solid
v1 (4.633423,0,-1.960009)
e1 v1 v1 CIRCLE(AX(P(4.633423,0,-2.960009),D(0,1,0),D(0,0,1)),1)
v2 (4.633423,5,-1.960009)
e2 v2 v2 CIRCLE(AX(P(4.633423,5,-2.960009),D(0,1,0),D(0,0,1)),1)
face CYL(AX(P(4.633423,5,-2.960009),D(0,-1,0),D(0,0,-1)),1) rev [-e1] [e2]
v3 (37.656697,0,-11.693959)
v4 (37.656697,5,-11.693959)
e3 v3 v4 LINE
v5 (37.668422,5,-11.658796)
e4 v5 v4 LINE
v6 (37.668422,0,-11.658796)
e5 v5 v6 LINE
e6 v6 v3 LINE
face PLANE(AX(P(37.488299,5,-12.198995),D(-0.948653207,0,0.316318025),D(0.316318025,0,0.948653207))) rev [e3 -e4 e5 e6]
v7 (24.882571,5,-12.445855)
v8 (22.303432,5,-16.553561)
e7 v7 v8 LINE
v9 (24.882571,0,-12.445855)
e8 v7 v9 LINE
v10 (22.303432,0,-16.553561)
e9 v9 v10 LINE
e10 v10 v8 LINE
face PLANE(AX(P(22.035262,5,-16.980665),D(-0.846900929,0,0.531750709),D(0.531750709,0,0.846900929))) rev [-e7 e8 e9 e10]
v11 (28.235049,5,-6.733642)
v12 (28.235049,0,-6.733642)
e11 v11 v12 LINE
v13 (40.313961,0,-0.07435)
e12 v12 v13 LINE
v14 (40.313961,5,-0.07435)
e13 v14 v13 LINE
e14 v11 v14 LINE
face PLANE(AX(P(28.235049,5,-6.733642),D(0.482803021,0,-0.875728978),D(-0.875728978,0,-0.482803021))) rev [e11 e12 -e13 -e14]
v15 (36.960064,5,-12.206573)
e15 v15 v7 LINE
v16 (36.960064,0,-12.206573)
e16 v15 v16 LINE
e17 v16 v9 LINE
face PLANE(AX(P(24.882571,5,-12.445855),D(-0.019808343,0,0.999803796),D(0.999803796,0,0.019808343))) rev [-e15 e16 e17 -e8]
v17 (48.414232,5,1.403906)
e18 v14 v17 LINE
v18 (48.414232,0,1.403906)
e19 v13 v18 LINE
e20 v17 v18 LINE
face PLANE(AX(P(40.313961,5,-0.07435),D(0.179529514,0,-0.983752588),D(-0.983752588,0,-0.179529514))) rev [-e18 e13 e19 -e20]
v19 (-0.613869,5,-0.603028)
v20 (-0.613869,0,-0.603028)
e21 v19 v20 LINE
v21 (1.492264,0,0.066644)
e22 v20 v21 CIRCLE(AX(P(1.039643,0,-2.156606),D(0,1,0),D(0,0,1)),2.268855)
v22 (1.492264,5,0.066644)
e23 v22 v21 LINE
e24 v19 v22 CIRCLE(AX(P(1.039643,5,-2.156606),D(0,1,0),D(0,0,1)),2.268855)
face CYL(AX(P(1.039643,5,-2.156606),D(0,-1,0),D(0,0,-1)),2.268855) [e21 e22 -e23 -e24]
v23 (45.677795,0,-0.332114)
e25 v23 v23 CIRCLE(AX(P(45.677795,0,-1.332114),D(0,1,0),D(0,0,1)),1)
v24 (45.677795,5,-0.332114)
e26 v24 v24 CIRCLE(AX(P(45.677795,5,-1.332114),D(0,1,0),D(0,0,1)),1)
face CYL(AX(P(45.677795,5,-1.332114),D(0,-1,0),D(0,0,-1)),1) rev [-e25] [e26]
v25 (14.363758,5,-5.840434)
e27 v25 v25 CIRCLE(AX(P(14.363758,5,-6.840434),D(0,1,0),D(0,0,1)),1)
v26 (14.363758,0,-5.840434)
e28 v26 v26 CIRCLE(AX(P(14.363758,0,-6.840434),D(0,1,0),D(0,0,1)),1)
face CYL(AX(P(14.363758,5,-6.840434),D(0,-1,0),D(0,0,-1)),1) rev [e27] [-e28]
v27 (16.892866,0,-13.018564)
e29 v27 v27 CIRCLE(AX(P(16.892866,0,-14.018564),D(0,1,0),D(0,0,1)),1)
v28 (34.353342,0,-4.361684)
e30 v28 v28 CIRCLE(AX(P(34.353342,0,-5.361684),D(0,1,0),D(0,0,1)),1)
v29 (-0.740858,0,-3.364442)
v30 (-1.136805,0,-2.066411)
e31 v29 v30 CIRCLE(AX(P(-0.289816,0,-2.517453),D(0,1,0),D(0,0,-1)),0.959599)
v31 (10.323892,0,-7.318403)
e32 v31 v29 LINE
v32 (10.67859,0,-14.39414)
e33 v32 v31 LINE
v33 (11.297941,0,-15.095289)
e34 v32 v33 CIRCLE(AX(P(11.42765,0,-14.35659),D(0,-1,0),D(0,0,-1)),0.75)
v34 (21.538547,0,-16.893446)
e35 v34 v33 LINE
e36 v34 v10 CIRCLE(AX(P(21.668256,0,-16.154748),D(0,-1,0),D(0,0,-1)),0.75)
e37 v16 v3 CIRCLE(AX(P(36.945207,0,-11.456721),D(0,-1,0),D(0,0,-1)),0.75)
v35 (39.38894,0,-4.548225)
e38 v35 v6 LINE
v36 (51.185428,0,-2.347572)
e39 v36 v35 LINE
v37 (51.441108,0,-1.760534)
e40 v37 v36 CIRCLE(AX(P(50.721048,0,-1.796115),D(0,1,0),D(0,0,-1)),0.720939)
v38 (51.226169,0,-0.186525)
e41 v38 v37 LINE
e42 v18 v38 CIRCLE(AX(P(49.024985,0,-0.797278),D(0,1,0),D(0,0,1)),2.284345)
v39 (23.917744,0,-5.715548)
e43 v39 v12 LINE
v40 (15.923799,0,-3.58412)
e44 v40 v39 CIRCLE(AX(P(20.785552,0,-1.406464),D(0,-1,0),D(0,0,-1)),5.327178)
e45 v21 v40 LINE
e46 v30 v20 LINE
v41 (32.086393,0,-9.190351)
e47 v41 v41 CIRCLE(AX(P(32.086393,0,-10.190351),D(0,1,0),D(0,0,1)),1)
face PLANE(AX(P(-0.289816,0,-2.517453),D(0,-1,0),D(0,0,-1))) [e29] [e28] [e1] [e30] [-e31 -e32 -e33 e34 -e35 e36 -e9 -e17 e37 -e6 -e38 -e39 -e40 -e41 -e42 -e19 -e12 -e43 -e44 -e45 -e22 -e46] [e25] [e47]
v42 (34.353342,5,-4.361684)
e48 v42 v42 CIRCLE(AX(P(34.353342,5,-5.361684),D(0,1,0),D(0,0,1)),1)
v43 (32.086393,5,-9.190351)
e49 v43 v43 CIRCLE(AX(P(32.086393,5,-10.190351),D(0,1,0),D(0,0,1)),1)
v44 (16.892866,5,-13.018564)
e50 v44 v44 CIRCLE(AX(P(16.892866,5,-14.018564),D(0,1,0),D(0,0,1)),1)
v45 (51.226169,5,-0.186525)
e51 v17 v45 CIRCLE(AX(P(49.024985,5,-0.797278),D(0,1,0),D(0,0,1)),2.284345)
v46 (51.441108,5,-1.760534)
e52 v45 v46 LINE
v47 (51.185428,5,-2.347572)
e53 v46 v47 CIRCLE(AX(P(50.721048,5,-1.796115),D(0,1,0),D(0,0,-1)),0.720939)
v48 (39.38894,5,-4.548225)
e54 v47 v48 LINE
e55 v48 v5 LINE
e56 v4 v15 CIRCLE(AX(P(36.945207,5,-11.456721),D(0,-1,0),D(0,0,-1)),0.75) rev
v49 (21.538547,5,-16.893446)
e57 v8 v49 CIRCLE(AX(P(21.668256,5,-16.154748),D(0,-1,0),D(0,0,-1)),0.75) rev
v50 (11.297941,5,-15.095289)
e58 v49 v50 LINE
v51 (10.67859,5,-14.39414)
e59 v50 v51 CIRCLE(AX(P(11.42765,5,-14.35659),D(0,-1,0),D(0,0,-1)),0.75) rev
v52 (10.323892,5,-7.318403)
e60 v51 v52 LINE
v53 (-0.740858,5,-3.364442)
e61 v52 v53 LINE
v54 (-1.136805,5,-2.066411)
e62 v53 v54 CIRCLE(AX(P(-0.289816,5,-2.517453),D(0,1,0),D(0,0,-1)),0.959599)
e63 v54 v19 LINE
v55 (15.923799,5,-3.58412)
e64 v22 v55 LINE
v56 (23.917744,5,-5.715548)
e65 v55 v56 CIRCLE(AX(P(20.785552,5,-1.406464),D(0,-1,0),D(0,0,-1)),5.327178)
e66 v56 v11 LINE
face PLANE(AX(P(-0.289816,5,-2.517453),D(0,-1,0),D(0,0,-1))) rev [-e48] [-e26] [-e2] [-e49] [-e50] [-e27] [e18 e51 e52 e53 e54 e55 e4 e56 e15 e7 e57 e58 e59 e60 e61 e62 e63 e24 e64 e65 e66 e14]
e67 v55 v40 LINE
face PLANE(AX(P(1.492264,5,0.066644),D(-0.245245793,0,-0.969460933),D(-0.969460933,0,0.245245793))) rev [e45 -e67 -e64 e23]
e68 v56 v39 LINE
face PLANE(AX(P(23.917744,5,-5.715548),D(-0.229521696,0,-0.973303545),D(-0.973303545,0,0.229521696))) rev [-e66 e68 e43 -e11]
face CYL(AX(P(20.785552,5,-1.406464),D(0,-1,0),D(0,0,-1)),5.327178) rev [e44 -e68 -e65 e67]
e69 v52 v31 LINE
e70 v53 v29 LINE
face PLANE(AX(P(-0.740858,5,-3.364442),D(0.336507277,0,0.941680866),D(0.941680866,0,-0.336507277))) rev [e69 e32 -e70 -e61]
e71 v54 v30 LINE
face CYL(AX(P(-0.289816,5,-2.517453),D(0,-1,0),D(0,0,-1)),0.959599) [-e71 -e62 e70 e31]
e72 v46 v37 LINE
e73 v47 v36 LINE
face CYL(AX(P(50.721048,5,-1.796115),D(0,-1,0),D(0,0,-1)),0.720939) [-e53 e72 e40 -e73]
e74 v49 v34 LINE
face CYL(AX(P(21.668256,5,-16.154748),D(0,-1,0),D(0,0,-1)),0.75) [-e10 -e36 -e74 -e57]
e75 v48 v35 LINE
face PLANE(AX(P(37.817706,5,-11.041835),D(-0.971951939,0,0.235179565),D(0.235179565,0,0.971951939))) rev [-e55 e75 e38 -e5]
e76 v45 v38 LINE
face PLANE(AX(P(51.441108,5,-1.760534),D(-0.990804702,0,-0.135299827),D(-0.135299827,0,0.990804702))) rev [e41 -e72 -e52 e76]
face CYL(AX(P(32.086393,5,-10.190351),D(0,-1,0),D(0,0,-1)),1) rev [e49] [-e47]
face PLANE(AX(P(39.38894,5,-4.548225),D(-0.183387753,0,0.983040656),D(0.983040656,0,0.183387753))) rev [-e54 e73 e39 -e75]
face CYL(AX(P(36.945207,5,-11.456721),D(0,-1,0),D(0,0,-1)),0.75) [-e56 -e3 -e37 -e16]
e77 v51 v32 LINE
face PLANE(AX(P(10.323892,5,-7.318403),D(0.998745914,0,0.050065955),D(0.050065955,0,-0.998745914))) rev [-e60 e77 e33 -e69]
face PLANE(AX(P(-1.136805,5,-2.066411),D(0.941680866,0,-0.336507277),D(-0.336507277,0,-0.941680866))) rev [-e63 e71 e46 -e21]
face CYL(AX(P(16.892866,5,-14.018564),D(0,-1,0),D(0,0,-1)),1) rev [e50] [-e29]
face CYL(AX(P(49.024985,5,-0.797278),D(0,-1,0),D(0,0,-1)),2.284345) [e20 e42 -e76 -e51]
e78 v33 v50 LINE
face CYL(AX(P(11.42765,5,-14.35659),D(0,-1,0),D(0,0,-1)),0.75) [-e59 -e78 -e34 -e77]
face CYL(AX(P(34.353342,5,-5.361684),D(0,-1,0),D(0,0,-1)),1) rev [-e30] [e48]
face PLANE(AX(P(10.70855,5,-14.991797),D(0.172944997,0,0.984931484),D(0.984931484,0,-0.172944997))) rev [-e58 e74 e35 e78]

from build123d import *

# Parameters (mm, degrees)
SKETCH1_R           = 1
BOSS_EXTRUDE2_DEPTH = 5
FILLET1_R           = 0.75


with BuildPart() as part:
    # Sketch1 → Boss-Extrude2 (new body)
    with BuildSketch(Plane(origin=(0, 0, 0), x_dir=(1, 0, 0), z_dir=(0, 1, 0))):
        with BuildLine():
            Line((-1.136805092, 2.066410525), (-0.613869143, 0.60302827))
            ThreePointArc((-0.613869143, 0.60302827), (0.35214746, -0.005581798), (1.492263995, -0.066643898))
            Line((1.492263995, -0.066643898), (15.923799424, 3.58412039))
            ThreePointArc((15.923799424, 3.58412039), (19.413112634, 6.553816474), (23.917744363, 5.715547725))
            Line((23.917744363, 5.715547725), (28.235048802, 6.73364228))
            Line((28.235048802, 6.73364228), (40.313961493, 0.074349637))
            Line((40.313961493, 0.074349637), (48.41423182, -1.403905787))
            ThreePointArc((48.41423182, -1.403905787), (50.149589372, -1.191061521), (51.226168842, 0.186525195))
            Line((51.226168842, 0.186525195), (51.441108403, 1.760534064))
            ThreePointArc((51.441108403, 1.760534064), (51.382015555, 2.083995414), (51.185428041, 2.34757189))
            Line((51.185428041, 2.34757189), (39.388940164, 4.548224923))
            Line((39.388940164, 4.548224923), (37.817705686, 11.041835021))
            Line((37.817705686, 11.041835021), (37.66842193, 11.65879609))
            Line((37.66842193, 11.65879609), (37.488298502, 12.198995049))
            Line((37.488298502, 12.198995049), (37.342570627, 12.198995049))
            Line((37.342570627, 12.198995049), (24.882570627, 12.445855441))
            Line((24.882570627, 12.445855441), (22.035262293, 16.980664764))
            Line((22.035262293, 16.980664764), (10.708550227, 14.991797304))
            Line((10.708550227, 14.991797304), (10.323891999, 7.31840254))
            Line((10.323891999, 7.31840254), (-0.740858173, 3.364442041))
            ThreePointArc((-0.740858173, 3.364442041), (-1.207662762, 2.797429575), (-1.136805092, 2.066410525))
        make_face()
        with Locations((34.353341853, 5.361683953)):
            Circle(SKETCH1_R, mode=Mode.SUBTRACT)
        with Locations((45.677794697, 1.332114162)):
            Circle(SKETCH1_R, mode=Mode.SUBTRACT)
        with Locations((14.363757556, 6.840434301)):
            Circle(SKETCH1_R, mode=Mode.SUBTRACT)
        with Locations((32.086393371, 10.190351233)):
            Circle(SKETCH1_R, mode=Mode.SUBTRACT)
        with Locations((4.633423153, 2.960008936)):
            Circle(SKETCH1_R, mode=Mode.SUBTRACT)
        with Locations((16.892865834, 14.018563944)):
            Circle(SKETCH1_R, mode=Mode.SUBTRACT)
    extrude(amount=BOSS_EXTRUDE2_DEPTH)

    # Fillet1
    fillet1_edges = [part.edges().sort_by_distance(p)[0] for p in [
        (37.488298502, 2.5, -12.198995049),
        (22.035262293, 2.5, -16.980664764),
        (10.708550227, 2.5, -14.991797304),
    ]]
    fillet(fillet1_edges, radius=FILLET1_R)


solid = part.part
